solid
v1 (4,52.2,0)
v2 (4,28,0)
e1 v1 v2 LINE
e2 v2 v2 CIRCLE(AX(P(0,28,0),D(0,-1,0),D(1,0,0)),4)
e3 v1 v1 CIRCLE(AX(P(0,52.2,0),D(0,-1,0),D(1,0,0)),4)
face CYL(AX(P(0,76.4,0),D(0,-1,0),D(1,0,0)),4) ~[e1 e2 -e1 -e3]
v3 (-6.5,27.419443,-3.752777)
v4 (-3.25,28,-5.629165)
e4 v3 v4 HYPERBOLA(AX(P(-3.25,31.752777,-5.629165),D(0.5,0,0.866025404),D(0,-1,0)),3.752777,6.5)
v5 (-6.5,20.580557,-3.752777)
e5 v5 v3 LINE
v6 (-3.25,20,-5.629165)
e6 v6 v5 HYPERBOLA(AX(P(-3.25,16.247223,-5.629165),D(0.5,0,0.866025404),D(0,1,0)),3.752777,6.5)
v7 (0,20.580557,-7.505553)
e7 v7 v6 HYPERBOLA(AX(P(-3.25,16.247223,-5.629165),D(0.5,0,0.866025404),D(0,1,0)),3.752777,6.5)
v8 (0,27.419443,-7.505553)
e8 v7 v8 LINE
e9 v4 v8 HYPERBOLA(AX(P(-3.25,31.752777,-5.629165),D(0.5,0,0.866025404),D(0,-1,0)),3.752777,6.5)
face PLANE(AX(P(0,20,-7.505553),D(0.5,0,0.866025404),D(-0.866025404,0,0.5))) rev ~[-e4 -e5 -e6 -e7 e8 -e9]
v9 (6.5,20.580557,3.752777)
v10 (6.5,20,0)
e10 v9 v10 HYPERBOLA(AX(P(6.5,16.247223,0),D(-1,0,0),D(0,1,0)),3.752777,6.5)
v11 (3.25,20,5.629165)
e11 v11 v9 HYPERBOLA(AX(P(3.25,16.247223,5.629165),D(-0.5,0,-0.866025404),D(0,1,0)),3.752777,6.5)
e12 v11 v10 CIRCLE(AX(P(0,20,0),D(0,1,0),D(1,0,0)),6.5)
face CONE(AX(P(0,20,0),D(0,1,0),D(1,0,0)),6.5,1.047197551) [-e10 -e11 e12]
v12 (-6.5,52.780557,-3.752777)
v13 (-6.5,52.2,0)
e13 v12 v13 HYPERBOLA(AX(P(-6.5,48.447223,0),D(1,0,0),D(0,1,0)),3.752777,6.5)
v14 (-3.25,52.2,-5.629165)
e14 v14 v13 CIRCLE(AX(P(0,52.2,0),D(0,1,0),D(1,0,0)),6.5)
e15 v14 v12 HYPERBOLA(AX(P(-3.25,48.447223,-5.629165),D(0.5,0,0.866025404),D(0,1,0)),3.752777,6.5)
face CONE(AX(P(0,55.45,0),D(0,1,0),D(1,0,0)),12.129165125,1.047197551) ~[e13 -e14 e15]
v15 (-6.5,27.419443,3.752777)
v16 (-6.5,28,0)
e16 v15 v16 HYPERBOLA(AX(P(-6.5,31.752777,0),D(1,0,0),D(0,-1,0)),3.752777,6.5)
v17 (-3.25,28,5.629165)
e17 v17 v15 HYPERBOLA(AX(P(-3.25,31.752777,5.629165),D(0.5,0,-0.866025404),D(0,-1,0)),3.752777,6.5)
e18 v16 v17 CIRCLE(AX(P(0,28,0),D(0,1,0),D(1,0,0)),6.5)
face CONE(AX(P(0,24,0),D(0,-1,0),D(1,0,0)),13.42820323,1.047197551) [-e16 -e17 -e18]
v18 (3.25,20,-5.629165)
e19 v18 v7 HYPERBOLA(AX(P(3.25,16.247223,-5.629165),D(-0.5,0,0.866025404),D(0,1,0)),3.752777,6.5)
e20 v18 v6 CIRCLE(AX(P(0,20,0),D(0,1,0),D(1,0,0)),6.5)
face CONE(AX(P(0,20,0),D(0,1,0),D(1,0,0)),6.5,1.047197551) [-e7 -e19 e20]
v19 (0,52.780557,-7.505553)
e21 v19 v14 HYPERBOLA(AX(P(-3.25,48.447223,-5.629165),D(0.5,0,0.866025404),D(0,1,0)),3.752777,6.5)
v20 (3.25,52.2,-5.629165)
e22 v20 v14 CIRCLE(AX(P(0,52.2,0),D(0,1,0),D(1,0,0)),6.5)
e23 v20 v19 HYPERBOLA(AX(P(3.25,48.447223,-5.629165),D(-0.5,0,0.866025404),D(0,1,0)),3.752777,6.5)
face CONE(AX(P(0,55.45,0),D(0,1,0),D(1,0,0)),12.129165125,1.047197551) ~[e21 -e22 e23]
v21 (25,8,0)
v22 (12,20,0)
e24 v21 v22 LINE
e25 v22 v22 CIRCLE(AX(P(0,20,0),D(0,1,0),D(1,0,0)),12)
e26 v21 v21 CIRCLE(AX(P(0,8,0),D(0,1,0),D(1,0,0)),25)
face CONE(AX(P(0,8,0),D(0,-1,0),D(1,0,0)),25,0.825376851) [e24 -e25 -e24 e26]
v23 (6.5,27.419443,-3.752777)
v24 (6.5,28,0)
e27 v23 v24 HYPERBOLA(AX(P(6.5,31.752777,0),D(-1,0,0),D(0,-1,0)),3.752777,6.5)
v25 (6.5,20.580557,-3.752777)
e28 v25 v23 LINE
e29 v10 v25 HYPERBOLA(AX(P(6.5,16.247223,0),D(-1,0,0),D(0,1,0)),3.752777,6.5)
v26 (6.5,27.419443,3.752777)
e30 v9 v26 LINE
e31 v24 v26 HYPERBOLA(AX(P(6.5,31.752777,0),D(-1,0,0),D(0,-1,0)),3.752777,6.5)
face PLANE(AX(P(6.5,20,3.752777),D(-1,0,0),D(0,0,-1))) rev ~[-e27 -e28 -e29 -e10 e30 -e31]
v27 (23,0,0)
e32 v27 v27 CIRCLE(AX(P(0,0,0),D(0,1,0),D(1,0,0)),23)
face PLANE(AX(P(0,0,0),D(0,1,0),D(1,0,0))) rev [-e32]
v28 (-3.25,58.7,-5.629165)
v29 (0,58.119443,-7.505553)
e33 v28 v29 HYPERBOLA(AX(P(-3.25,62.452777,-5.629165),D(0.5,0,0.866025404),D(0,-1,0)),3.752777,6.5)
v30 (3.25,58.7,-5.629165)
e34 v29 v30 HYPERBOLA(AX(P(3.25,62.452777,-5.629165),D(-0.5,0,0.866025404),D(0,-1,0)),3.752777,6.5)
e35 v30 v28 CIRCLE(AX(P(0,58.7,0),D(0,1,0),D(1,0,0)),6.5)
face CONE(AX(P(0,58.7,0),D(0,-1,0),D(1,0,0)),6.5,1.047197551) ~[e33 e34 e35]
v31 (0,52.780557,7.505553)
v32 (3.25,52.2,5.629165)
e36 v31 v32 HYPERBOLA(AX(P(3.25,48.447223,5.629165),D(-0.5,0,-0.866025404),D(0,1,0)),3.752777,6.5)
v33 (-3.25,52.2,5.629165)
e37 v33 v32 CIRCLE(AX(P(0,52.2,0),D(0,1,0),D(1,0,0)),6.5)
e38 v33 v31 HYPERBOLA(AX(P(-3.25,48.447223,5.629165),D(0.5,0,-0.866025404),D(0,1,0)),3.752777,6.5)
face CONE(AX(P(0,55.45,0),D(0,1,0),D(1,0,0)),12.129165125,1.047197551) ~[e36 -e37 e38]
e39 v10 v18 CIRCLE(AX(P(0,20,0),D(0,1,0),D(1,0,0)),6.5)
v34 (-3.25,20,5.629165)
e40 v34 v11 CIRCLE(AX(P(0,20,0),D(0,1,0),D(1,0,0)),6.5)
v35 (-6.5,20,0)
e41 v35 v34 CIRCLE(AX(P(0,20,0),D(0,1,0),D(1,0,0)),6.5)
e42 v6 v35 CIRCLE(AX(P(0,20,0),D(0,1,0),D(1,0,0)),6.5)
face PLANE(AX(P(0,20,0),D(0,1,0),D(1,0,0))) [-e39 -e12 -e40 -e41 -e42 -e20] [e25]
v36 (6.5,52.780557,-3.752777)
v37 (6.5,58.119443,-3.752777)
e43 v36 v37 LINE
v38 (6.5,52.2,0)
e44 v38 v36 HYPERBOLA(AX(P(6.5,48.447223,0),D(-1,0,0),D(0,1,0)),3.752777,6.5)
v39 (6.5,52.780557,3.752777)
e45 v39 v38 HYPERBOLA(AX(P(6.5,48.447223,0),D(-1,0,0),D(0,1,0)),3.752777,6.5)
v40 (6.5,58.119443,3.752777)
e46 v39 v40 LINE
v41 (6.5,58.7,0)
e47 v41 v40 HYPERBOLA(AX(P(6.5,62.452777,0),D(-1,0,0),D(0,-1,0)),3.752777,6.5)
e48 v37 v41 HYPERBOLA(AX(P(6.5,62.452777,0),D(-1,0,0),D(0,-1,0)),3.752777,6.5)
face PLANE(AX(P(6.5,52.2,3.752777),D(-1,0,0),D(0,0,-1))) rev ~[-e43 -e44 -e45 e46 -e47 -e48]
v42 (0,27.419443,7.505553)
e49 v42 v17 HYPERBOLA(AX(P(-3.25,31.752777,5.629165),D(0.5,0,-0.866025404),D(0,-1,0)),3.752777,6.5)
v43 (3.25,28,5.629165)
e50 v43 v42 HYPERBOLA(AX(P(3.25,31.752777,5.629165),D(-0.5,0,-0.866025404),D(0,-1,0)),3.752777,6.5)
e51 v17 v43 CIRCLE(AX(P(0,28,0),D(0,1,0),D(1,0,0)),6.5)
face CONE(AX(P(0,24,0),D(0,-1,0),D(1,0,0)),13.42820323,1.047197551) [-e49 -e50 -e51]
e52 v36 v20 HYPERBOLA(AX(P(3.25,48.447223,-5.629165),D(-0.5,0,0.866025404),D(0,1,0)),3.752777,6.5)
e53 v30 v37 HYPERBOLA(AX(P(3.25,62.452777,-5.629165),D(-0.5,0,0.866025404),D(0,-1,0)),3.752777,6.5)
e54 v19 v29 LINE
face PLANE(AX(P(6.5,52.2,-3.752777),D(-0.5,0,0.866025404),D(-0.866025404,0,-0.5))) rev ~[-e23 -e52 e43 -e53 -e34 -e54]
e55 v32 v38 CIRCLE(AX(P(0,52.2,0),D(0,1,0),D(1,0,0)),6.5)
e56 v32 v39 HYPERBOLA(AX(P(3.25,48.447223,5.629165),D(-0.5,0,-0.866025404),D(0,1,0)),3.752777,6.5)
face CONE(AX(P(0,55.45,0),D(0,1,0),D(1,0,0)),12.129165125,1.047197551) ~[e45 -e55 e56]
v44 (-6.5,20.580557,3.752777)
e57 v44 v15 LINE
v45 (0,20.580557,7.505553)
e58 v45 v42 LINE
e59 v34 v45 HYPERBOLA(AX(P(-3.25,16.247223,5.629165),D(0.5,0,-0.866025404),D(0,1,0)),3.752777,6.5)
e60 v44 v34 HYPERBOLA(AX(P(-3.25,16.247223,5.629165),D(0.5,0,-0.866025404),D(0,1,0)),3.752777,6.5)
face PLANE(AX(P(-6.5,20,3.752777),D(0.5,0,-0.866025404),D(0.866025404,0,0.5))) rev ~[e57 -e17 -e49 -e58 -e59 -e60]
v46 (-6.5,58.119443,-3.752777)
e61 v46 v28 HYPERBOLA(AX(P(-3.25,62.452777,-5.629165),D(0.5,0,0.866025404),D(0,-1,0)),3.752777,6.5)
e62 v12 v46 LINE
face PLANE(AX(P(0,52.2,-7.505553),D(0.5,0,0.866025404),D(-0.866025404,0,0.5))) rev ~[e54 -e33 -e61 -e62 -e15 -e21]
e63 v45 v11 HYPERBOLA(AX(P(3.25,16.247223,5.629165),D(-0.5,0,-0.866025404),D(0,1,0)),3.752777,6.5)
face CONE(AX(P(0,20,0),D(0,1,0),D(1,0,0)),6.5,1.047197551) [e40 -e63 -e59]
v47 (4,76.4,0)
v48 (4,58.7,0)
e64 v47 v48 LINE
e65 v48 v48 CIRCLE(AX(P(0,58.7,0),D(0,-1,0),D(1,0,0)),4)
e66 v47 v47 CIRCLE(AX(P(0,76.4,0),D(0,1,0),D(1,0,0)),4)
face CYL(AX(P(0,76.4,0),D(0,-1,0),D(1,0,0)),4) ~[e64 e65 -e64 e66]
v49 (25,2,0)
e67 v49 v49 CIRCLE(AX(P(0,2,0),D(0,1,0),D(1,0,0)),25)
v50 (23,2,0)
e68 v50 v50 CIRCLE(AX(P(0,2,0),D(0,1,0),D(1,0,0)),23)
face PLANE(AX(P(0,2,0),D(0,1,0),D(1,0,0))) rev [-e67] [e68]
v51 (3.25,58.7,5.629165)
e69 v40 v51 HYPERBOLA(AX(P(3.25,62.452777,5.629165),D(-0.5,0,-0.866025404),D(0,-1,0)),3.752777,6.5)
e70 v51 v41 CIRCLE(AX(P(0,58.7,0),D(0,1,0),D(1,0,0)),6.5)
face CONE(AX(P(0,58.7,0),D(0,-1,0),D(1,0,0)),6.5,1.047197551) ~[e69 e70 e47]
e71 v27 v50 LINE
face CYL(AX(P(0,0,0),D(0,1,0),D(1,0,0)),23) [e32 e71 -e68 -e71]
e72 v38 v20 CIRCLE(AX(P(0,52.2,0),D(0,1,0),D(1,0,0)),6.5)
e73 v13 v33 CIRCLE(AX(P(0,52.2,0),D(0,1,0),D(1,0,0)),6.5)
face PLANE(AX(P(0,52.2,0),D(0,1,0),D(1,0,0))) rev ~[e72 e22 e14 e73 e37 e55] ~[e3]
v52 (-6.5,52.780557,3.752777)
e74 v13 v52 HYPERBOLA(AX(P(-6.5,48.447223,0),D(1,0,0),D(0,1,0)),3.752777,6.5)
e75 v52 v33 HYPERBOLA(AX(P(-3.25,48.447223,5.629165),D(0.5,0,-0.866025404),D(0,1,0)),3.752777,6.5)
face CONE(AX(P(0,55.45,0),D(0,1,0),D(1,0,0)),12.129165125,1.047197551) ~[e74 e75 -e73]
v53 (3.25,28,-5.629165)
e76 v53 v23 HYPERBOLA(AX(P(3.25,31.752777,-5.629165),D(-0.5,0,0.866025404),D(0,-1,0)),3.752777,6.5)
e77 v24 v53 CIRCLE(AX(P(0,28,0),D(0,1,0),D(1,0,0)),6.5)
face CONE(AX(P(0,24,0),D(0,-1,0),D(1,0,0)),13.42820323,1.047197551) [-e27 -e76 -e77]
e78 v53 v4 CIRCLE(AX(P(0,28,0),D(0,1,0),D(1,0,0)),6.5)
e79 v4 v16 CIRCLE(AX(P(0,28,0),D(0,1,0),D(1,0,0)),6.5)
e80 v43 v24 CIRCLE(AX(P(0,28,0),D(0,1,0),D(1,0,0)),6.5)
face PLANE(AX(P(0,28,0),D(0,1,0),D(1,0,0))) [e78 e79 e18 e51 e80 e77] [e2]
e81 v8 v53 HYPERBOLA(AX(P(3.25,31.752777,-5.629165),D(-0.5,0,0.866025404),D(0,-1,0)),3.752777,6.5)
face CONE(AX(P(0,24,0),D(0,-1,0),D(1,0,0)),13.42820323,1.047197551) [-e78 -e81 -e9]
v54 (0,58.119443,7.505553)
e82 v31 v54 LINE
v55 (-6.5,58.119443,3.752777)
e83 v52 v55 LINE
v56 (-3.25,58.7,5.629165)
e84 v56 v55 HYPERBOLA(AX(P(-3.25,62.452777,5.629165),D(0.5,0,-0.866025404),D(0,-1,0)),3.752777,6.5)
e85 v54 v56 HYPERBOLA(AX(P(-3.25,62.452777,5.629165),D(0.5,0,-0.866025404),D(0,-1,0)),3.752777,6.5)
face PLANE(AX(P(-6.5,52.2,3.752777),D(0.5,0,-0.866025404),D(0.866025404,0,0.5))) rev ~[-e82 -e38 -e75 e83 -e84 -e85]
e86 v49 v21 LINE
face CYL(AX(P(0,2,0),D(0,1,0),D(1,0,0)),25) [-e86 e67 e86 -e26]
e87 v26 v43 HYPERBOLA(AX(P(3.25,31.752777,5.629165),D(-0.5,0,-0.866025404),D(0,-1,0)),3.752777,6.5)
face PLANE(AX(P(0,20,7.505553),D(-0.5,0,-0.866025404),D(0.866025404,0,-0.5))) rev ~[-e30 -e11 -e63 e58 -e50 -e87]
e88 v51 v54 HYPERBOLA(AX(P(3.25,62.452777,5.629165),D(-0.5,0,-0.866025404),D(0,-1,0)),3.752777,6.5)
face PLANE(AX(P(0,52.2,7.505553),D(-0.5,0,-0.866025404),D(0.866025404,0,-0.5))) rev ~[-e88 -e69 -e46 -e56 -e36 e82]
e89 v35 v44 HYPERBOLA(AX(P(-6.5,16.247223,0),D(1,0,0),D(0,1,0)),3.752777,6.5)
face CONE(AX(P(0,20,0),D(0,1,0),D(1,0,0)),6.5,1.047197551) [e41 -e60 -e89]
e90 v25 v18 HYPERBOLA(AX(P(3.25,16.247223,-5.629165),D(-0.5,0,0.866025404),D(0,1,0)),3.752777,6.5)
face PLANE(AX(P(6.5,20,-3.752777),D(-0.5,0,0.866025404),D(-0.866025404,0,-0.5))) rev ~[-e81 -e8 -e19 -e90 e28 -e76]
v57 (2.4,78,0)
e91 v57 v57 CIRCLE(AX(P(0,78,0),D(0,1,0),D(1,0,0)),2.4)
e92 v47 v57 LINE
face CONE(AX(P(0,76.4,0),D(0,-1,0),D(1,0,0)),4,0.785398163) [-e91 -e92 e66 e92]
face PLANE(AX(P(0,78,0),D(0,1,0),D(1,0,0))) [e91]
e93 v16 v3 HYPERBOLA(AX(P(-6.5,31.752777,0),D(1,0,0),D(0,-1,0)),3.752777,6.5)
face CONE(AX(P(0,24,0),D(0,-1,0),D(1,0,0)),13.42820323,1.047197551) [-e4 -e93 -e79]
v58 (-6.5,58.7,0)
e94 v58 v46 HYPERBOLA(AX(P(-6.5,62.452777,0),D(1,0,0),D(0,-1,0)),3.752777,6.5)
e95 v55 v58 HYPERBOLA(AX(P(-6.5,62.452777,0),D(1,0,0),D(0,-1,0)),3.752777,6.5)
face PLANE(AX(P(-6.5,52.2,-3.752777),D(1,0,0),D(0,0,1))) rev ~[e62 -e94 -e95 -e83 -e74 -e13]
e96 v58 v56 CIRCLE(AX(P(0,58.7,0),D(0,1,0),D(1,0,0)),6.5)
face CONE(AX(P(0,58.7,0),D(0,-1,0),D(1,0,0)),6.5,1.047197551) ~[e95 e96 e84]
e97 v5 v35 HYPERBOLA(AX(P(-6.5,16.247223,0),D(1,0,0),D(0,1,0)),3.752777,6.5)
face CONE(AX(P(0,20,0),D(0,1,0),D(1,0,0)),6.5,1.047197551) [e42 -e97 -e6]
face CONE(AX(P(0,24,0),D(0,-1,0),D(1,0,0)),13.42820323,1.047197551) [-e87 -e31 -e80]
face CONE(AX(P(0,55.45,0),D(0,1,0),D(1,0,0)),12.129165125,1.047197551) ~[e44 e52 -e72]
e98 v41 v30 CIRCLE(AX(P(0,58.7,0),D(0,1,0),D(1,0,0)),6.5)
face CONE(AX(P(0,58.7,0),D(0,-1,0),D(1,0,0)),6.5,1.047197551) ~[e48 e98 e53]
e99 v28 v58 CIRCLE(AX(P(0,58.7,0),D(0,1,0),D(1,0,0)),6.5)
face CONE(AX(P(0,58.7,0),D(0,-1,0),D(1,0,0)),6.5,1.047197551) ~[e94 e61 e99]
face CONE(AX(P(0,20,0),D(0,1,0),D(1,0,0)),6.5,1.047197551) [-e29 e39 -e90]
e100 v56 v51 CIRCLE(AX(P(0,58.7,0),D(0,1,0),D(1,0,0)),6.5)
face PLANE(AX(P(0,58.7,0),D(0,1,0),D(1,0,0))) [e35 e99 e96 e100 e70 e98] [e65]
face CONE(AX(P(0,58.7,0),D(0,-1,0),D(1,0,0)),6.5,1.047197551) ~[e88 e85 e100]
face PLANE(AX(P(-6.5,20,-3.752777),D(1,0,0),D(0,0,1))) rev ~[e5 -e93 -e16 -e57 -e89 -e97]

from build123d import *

# Parameters (mm, degrees)
EXTRUDE_1_DEPTH = 8
EXTRUDE_2_DEPTH = 6.5


with BuildPart() as part:
    # Эскиз1 → Повернуть1 (revolve)
    with BuildSketch(Plane.XY, mode=Mode.PRIVATE) as revolve_1_sk:
        Polygon((0, 0), (-23, 0), (-23, 2), (-25, 2), (-25, 8), (-12, 20), (-4, 20), (-4, 28), (-4, 76.4), (-2.4, 78), (0, 78), align=None)
    revolve(revolve_1_sk.sketch.rotate(Axis((0, 0, 0), (0, 1, 0)), 180), axis=Axis((0, 0, 0), (0, 1, 0)))  # turned: the seam where the file's is

    # Эскиз2 → Бобышка-Вытянуть1 (add)
    with BuildSketch(Plane(origin=(0, 20, 0), x_dir=(1, 0, 0), z_dir=(0, 1, 0))):
        Polygon((0, 7.505553499), (-6.5, 3.75277675), (-6.5, -3.75277675), (0, -7.505553499), (6.5, -3.75277675), (6.5, 3.75277675), align=None)
    extrude(amount=EXTRUDE_1_DEPTH)

    # Эскиз3 → Бобышка-Вытянуть2 (add)
    with BuildSketch(Plane(origin=(0, 52.2, 0), x_dir=(1, 0, 0), z_dir=(0, 1, 0))):
        Polygon((6.5, 3.75277675), (0, 7.505553499), (-6.5, 3.75277675), (-6.5, -3.75277675), (0, -7.505553499), (6.5, -3.75277675), align=None)
    extrude(amount=EXTRUDE_2_DEPTH)

    # Эскиз4 → Вырез-Повернуть2 (revolve, cut)
    with BuildSketch(Plane.XY, mode=Mode.PRIVATE) as cut_revolve_2_sk:
        Polygon((-12.129165125, 58.7), (-6.5, 58.7), (-12.129165125, 55.45), align=None)
        Polygon((-12.129165125, 52.2), (-12.129165125, 55.45), (-6.5, 52.2), align=None)
        Polygon((-13.42820323, 28), (-13.42820323, 24), (-6.5, 28), align=None)
        Polygon((-13.42820323, 24), (-13.42820323, 20), (-6.5, 20), align=None)
    revolve(cut_revolve_2_sk.sketch.rotate(Axis((0, 78, 0), (0, 1, 0)), 180), axis=Axis((0, 78, 0), (0, 1, 0)), mode=Mode.SUBTRACT)  # turned: the seam where the file's is


solid = part.part
